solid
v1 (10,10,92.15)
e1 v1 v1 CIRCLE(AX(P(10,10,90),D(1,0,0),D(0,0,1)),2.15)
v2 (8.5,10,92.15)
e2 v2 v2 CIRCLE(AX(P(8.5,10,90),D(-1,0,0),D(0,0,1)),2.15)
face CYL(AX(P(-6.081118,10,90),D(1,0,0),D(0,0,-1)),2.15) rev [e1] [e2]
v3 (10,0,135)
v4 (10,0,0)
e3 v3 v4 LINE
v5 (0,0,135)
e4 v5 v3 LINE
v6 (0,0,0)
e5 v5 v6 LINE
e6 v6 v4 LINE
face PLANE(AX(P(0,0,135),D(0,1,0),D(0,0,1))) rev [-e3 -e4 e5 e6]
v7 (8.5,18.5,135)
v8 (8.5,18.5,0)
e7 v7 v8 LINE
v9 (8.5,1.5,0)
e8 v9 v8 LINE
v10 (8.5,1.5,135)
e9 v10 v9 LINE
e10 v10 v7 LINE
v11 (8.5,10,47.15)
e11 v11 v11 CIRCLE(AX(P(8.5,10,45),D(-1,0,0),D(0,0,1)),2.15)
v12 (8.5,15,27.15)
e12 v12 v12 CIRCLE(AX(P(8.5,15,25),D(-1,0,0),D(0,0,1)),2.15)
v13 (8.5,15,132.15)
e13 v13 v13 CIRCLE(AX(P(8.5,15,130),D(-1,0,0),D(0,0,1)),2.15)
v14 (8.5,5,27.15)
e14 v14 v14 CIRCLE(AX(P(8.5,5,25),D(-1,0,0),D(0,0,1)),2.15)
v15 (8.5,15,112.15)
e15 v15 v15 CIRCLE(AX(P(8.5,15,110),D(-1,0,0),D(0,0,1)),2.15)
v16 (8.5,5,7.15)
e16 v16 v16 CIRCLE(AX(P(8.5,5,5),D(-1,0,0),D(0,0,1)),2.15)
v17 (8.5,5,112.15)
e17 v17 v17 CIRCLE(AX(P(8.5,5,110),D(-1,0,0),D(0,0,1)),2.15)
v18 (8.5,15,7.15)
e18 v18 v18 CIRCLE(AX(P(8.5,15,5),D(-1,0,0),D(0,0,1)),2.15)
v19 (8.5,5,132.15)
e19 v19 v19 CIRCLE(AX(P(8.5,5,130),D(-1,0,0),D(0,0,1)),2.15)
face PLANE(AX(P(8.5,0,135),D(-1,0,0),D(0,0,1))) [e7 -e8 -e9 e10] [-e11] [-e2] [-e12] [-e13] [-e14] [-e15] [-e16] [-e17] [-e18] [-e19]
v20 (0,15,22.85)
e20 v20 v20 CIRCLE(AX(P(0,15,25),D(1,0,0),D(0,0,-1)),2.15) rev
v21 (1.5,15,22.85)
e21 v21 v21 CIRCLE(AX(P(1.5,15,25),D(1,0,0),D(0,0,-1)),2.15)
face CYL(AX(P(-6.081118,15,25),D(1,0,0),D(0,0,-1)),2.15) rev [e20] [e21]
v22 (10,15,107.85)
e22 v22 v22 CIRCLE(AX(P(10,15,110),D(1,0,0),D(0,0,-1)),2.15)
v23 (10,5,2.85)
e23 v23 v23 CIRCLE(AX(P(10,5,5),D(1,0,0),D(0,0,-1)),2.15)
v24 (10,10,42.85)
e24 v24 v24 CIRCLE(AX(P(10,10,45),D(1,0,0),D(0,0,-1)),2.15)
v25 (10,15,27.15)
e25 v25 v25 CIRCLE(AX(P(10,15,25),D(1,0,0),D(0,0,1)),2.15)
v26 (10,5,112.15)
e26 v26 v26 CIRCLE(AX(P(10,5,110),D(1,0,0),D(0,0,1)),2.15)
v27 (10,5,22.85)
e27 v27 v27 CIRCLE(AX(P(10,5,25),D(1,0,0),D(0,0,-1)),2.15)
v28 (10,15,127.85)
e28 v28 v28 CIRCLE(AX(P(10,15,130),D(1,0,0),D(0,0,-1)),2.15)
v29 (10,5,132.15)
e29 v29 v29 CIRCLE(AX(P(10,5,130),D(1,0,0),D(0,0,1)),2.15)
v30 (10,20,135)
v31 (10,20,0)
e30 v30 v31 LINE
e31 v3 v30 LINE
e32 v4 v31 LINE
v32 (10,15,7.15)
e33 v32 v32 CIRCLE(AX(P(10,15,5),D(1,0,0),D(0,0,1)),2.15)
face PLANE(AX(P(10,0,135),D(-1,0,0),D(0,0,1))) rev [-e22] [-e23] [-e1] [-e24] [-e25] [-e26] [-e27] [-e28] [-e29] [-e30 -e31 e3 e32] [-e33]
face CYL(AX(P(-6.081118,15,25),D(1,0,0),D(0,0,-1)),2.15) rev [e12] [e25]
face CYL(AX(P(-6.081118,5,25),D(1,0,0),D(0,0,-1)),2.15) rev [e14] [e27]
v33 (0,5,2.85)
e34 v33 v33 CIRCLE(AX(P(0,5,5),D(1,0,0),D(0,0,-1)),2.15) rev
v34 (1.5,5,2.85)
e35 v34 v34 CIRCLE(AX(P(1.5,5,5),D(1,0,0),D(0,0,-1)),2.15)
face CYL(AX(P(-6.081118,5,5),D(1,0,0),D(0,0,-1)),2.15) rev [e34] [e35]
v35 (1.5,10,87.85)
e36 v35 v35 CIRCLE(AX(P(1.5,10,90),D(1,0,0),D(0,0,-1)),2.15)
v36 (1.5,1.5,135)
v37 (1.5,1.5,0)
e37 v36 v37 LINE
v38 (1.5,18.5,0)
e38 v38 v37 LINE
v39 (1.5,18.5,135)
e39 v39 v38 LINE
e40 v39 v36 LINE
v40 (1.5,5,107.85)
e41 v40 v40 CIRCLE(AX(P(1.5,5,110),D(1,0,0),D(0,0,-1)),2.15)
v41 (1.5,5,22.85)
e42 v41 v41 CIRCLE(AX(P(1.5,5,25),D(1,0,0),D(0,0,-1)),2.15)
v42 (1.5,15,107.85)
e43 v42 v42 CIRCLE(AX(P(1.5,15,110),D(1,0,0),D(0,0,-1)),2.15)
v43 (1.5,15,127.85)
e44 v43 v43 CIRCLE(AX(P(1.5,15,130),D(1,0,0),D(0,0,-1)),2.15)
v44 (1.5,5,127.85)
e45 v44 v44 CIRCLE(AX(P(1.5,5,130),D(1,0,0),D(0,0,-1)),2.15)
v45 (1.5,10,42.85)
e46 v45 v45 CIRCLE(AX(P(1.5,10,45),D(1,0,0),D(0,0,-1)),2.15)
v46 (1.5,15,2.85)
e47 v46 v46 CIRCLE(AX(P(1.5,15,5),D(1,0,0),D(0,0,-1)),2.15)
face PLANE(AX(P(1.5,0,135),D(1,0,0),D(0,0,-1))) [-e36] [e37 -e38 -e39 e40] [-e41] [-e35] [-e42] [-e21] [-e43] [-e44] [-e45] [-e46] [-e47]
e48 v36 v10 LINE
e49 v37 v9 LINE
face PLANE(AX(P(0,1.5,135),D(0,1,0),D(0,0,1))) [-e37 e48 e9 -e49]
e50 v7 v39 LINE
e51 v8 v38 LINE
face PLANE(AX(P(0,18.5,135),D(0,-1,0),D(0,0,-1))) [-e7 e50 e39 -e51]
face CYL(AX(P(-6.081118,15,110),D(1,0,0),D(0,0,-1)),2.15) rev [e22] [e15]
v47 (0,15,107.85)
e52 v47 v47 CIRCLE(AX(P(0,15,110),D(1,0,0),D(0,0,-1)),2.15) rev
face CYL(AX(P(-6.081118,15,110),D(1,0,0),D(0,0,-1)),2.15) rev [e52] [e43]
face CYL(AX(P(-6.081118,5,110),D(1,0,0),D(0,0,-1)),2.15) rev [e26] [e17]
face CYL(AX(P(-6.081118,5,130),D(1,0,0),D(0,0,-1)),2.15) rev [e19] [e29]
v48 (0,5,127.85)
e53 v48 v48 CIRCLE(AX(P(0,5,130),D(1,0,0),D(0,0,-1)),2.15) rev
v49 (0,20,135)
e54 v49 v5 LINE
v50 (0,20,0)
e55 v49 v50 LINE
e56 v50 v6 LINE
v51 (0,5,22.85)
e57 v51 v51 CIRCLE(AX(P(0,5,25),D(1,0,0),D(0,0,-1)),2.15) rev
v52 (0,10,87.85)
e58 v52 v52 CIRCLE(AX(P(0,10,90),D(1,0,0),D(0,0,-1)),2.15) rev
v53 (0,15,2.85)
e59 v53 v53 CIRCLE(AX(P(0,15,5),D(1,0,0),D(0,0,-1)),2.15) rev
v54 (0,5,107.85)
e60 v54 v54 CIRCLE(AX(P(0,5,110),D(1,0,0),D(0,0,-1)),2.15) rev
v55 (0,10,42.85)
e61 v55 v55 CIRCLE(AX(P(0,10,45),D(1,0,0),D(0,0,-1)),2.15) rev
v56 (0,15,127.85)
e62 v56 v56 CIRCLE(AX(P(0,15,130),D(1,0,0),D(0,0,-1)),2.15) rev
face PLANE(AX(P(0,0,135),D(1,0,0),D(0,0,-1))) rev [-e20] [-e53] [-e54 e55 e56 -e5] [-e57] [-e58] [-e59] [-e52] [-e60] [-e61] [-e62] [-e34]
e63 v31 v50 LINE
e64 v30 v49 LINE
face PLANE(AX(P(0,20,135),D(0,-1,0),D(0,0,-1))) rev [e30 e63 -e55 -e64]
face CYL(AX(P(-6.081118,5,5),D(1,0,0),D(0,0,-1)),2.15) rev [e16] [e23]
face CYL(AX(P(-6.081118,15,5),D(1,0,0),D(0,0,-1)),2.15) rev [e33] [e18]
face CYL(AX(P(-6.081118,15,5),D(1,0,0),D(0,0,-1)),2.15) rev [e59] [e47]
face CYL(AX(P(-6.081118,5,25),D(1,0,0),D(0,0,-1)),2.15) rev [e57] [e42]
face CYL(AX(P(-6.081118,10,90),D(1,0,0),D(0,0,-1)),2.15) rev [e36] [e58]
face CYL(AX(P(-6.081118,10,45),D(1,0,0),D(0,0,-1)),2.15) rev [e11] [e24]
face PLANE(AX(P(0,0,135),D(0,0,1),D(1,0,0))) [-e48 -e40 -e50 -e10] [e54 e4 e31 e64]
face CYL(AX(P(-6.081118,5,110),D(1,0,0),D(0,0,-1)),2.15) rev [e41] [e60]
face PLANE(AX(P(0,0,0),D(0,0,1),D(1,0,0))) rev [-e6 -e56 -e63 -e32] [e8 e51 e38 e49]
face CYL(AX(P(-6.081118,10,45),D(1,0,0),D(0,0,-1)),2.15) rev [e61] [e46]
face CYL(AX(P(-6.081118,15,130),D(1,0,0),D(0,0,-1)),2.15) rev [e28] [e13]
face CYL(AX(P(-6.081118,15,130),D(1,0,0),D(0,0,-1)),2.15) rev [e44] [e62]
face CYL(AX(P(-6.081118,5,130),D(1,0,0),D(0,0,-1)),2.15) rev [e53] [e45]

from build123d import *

# Parameters (mm, degrees)
SKETCH_1_W          = 10
SKETCH_1_H          = 20
SKETCH_1_W_2        = 7
SKETCH_1_H_2        = 17
EXTRUDE_1_DEPTH     = 135
CUT_EXTRUDE_2_REACH = 138.839
SKETCH_3_R          = 2.15


with BuildPart() as part:
    # ｽｹｯﾁ1 → 押し出し-薄板1 (new body)
    with BuildSketch(Plane.XY):
        with Locations((5, 10)):
            Rectangle(SKETCH_1_W, SKETCH_1_H)
        with Locations((5, 10)):
            Rectangle(SKETCH_1_W_2, SKETCH_1_H_2, mode=Mode.SUBTRACT)
    extrude(amount=EXTRUDE_1_DEPTH)

    # ｶｯﾄ - 押し出し2: up to this face of the body (flat: up to its plane)
    cut_extrude_2_end = Plane(part.part.faces().sort_by_distance((0, 10, 67.5))[0])
    # ｽｹｯﾁ3 → ｶｯﾄ - 押し出し2 (cut, up to the picked face)
    with BuildSketch(Plane(origin=(10, 0, 0), x_dir=(0, 0, -1), z_dir=(1, 0, 0)), mode=Mode.PRIVATE) as cut_extrude_2_sk1:
        with Locations((-130, 15)):
            Circle(SKETCH_3_R)
    cut_extrude_2_tool1 = split(extrude(cut_extrude_2_sk1.sketch, amount=-CUT_EXTRUDE_2_REACH, mode=Mode.PRIVATE), bisect_by=cut_extrude_2_end, keep=Keep.BOTH, mode=Mode.PRIVATE)
    # ｽｹｯﾁ3 → ｶｯﾄ - 押し出し2 (cut, up to the picked face)
    with BuildSketch(Plane(origin=(10, 0, 0), x_dir=(0, 0, -1), z_dir=(1, 0, 0)), mode=Mode.PRIVATE) as cut_extrude_2_sk2:
        with Locations((-110, 15)):
            Circle(SKETCH_3_R)
    cut_extrude_2_tool2 = split(extrude(cut_extrude_2_sk2.sketch, amount=-CUT_EXTRUDE_2_REACH, mode=Mode.PRIVATE), bisect_by=cut_extrude_2_end, keep=Keep.BOTH, mode=Mode.PRIVATE)
    # ｽｹｯﾁ3 → ｶｯﾄ - 押し出し2 (cut, up to the picked face)
    with BuildSketch(Plane(origin=(10, 0, 0), x_dir=(0, 0, -1), z_dir=(1, 0, 0)), mode=Mode.PRIVATE) as cut_extrude_2_sk3:
        with Locations(Location((-25, 15, 0), (0, 0, 180))):
            Circle(SKETCH_3_R)
    cut_extrude_2_tool3 = split(extrude(cut_extrude_2_sk3.sketch, amount=-CUT_EXTRUDE_2_REACH, mode=Mode.PRIVATE), bisect_by=cut_extrude_2_end, keep=Keep.BOTH, mode=Mode.PRIVATE)
    # ｽｹｯﾁ3 → ｶｯﾄ - 押し出し2 (cut, up to the picked face)
    with BuildSketch(Plane(origin=(10, 0, 0), x_dir=(0, 0, -1), z_dir=(1, 0, 0)), mode=Mode.PRIVATE) as cut_extrude_2_sk4:
        with Locations(Location((-5, 15, 0), (0, 0, 180))):
            Circle(SKETCH_3_R)
    cut_extrude_2_tool4 = split(extrude(cut_extrude_2_sk4.sketch, amount=-CUT_EXTRUDE_2_REACH, mode=Mode.PRIVATE), bisect_by=cut_extrude_2_end, keep=Keep.BOTH, mode=Mode.PRIVATE)
    # ｽｹｯﾁ3 → ｶｯﾄ - 押し出し2 (cut, up to the picked face)
    with BuildSketch(Plane(origin=(10, 0, 0), x_dir=(0, 0, -1), z_dir=(1, 0, 0)), mode=Mode.PRIVATE) as cut_extrude_2_sk5:
        with Locations((-5, 5)):
            Circle(SKETCH_3_R)
    cut_extrude_2_tool5 = split(extrude(cut_extrude_2_sk5.sketch, amount=-CUT_EXTRUDE_2_REACH, mode=Mode.PRIVATE), bisect_by=cut_extrude_2_end, keep=Keep.BOTH, mode=Mode.PRIVATE)
    # ｽｹｯﾁ3 → ｶｯﾄ - 押し出し2 (cut, up to the picked face)
    with BuildSketch(Plane(origin=(10, 0, 0), x_dir=(0, 0, -1), z_dir=(1, 0, 0)), mode=Mode.PRIVATE) as cut_extrude_2_sk6:
        with Locations((-25, 5)):
            Circle(SKETCH_3_R)
    cut_extrude_2_tool6 = split(extrude(cut_extrude_2_sk6.sketch, amount=-CUT_EXTRUDE_2_REACH, mode=Mode.PRIVATE), bisect_by=cut_extrude_2_end, keep=Keep.BOTH, mode=Mode.PRIVATE)
    # ｽｹｯﾁ3 → ｶｯﾄ - 押し出し2 (cut, up to the picked face)
    with BuildSketch(Plane(origin=(10, 0, 0), x_dir=(0, 0, -1), z_dir=(1, 0, 0)), mode=Mode.PRIVATE) as cut_extrude_2_sk7:
        with Locations(Location((-110, 5, 0), (0, 0, 180))):
            Circle(SKETCH_3_R)
    cut_extrude_2_tool7 = split(extrude(cut_extrude_2_sk7.sketch, amount=-CUT_EXTRUDE_2_REACH, mode=Mode.PRIVATE), bisect_by=cut_extrude_2_end, keep=Keep.BOTH, mode=Mode.PRIVATE)
    # ｽｹｯﾁ3 → ｶｯﾄ - 押し出し2 (cut, up to the picked face)
    with BuildSketch(Plane(origin=(10, 0, 0), x_dir=(0, 0, -1), z_dir=(1, 0, 0)), mode=Mode.PRIVATE) as cut_extrude_2_sk8:
        with Locations(Location((-130, 5, 0), (0, 0, 180))):
            Circle(SKETCH_3_R)
    cut_extrude_2_tool8 = split(extrude(cut_extrude_2_sk8.sketch, amount=-CUT_EXTRUDE_2_REACH, mode=Mode.PRIVATE), bisect_by=cut_extrude_2_end, keep=Keep.BOTH, mode=Mode.PRIVATE)
    # ｽｹｯﾁ3 → ｶｯﾄ - 押し出し2 (cut, up to the picked face)
    with BuildSketch(Plane(origin=(10, 0, 0), x_dir=(0, 0, -1), z_dir=(1, 0, 0)), mode=Mode.PRIVATE) as cut_extrude_2_sk9:
        with Locations((-45, 10)):
            Circle(SKETCH_3_R)
    cut_extrude_2_tool9 = split(extrude(cut_extrude_2_sk9.sketch, amount=-CUT_EXTRUDE_2_REACH, mode=Mode.PRIVATE), bisect_by=cut_extrude_2_end, keep=Keep.BOTH, mode=Mode.PRIVATE)
    # ｽｹｯﾁ3 → ｶｯﾄ - 押し出し2 (cut, up to the picked face)
    with BuildSketch(Plane(origin=(10, 0, 0), x_dir=(0, 0, -1), z_dir=(1, 0, 0)), mode=Mode.PRIVATE) as cut_extrude_2_sk10:
        with Locations(Location((-90, 10, 0), (0, 0, 180))):
            Circle(SKETCH_3_R)
    cut_extrude_2_tool10 = split(extrude(cut_extrude_2_sk10.sketch, amount=-CUT_EXTRUDE_2_REACH, mode=Mode.PRIVATE), bisect_by=cut_extrude_2_end, keep=Keep.BOTH, mode=Mode.PRIVATE)
    add(cut_extrude_2_tool1.solids().sort_by(Axis((10, 15, 130), (-1, 0, 0)))[0], mode=Mode.SUBTRACT)
    add(cut_extrude_2_tool2.solids().sort_by(Axis((10, 15, 110), (-1, 0, 0)))[0], mode=Mode.SUBTRACT)
    add(cut_extrude_2_tool3.solids().sort_by(Axis((10, 15, 25), (-1, 0, 0)))[0], mode=Mode.SUBTRACT)
    add(cut_extrude_2_tool4.solids().sort_by(Axis((10, 15, 5), (-1, 0, 0)))[0], mode=Mode.SUBTRACT)
    add(cut_extrude_2_tool5.solids().sort_by(Axis((10, 5, 5), (-1, 0, 0)))[0], mode=Mode.SUBTRACT)
    add(cut_extrude_2_tool6.solids().sort_by(Axis((10, 5, 25), (-1, 0, 0)))[0], mode=Mode.SUBTRACT)
    add(cut_extrude_2_tool7.solids().sort_by(Axis((10, 5, 110), (-1, 0, 0)))[0], mode=Mode.SUBTRACT)
    add(cut_extrude_2_tool8.solids().sort_by(Axis((10, 5, 130), (-1, 0, 0)))[0], mode=Mode.SUBTRACT)
    add(cut_extrude_2_tool9.solids().sort_by(Axis((10, 10, 45), (-1, 0, 0)))[0], mode=Mode.SUBTRACT)
    add(cut_extrude_2_tool10.solids().sort_by(Axis((10, 10, 90), (-1, 0, 0)))[0], mode=Mode.SUBTRACT)


solid = part.part
